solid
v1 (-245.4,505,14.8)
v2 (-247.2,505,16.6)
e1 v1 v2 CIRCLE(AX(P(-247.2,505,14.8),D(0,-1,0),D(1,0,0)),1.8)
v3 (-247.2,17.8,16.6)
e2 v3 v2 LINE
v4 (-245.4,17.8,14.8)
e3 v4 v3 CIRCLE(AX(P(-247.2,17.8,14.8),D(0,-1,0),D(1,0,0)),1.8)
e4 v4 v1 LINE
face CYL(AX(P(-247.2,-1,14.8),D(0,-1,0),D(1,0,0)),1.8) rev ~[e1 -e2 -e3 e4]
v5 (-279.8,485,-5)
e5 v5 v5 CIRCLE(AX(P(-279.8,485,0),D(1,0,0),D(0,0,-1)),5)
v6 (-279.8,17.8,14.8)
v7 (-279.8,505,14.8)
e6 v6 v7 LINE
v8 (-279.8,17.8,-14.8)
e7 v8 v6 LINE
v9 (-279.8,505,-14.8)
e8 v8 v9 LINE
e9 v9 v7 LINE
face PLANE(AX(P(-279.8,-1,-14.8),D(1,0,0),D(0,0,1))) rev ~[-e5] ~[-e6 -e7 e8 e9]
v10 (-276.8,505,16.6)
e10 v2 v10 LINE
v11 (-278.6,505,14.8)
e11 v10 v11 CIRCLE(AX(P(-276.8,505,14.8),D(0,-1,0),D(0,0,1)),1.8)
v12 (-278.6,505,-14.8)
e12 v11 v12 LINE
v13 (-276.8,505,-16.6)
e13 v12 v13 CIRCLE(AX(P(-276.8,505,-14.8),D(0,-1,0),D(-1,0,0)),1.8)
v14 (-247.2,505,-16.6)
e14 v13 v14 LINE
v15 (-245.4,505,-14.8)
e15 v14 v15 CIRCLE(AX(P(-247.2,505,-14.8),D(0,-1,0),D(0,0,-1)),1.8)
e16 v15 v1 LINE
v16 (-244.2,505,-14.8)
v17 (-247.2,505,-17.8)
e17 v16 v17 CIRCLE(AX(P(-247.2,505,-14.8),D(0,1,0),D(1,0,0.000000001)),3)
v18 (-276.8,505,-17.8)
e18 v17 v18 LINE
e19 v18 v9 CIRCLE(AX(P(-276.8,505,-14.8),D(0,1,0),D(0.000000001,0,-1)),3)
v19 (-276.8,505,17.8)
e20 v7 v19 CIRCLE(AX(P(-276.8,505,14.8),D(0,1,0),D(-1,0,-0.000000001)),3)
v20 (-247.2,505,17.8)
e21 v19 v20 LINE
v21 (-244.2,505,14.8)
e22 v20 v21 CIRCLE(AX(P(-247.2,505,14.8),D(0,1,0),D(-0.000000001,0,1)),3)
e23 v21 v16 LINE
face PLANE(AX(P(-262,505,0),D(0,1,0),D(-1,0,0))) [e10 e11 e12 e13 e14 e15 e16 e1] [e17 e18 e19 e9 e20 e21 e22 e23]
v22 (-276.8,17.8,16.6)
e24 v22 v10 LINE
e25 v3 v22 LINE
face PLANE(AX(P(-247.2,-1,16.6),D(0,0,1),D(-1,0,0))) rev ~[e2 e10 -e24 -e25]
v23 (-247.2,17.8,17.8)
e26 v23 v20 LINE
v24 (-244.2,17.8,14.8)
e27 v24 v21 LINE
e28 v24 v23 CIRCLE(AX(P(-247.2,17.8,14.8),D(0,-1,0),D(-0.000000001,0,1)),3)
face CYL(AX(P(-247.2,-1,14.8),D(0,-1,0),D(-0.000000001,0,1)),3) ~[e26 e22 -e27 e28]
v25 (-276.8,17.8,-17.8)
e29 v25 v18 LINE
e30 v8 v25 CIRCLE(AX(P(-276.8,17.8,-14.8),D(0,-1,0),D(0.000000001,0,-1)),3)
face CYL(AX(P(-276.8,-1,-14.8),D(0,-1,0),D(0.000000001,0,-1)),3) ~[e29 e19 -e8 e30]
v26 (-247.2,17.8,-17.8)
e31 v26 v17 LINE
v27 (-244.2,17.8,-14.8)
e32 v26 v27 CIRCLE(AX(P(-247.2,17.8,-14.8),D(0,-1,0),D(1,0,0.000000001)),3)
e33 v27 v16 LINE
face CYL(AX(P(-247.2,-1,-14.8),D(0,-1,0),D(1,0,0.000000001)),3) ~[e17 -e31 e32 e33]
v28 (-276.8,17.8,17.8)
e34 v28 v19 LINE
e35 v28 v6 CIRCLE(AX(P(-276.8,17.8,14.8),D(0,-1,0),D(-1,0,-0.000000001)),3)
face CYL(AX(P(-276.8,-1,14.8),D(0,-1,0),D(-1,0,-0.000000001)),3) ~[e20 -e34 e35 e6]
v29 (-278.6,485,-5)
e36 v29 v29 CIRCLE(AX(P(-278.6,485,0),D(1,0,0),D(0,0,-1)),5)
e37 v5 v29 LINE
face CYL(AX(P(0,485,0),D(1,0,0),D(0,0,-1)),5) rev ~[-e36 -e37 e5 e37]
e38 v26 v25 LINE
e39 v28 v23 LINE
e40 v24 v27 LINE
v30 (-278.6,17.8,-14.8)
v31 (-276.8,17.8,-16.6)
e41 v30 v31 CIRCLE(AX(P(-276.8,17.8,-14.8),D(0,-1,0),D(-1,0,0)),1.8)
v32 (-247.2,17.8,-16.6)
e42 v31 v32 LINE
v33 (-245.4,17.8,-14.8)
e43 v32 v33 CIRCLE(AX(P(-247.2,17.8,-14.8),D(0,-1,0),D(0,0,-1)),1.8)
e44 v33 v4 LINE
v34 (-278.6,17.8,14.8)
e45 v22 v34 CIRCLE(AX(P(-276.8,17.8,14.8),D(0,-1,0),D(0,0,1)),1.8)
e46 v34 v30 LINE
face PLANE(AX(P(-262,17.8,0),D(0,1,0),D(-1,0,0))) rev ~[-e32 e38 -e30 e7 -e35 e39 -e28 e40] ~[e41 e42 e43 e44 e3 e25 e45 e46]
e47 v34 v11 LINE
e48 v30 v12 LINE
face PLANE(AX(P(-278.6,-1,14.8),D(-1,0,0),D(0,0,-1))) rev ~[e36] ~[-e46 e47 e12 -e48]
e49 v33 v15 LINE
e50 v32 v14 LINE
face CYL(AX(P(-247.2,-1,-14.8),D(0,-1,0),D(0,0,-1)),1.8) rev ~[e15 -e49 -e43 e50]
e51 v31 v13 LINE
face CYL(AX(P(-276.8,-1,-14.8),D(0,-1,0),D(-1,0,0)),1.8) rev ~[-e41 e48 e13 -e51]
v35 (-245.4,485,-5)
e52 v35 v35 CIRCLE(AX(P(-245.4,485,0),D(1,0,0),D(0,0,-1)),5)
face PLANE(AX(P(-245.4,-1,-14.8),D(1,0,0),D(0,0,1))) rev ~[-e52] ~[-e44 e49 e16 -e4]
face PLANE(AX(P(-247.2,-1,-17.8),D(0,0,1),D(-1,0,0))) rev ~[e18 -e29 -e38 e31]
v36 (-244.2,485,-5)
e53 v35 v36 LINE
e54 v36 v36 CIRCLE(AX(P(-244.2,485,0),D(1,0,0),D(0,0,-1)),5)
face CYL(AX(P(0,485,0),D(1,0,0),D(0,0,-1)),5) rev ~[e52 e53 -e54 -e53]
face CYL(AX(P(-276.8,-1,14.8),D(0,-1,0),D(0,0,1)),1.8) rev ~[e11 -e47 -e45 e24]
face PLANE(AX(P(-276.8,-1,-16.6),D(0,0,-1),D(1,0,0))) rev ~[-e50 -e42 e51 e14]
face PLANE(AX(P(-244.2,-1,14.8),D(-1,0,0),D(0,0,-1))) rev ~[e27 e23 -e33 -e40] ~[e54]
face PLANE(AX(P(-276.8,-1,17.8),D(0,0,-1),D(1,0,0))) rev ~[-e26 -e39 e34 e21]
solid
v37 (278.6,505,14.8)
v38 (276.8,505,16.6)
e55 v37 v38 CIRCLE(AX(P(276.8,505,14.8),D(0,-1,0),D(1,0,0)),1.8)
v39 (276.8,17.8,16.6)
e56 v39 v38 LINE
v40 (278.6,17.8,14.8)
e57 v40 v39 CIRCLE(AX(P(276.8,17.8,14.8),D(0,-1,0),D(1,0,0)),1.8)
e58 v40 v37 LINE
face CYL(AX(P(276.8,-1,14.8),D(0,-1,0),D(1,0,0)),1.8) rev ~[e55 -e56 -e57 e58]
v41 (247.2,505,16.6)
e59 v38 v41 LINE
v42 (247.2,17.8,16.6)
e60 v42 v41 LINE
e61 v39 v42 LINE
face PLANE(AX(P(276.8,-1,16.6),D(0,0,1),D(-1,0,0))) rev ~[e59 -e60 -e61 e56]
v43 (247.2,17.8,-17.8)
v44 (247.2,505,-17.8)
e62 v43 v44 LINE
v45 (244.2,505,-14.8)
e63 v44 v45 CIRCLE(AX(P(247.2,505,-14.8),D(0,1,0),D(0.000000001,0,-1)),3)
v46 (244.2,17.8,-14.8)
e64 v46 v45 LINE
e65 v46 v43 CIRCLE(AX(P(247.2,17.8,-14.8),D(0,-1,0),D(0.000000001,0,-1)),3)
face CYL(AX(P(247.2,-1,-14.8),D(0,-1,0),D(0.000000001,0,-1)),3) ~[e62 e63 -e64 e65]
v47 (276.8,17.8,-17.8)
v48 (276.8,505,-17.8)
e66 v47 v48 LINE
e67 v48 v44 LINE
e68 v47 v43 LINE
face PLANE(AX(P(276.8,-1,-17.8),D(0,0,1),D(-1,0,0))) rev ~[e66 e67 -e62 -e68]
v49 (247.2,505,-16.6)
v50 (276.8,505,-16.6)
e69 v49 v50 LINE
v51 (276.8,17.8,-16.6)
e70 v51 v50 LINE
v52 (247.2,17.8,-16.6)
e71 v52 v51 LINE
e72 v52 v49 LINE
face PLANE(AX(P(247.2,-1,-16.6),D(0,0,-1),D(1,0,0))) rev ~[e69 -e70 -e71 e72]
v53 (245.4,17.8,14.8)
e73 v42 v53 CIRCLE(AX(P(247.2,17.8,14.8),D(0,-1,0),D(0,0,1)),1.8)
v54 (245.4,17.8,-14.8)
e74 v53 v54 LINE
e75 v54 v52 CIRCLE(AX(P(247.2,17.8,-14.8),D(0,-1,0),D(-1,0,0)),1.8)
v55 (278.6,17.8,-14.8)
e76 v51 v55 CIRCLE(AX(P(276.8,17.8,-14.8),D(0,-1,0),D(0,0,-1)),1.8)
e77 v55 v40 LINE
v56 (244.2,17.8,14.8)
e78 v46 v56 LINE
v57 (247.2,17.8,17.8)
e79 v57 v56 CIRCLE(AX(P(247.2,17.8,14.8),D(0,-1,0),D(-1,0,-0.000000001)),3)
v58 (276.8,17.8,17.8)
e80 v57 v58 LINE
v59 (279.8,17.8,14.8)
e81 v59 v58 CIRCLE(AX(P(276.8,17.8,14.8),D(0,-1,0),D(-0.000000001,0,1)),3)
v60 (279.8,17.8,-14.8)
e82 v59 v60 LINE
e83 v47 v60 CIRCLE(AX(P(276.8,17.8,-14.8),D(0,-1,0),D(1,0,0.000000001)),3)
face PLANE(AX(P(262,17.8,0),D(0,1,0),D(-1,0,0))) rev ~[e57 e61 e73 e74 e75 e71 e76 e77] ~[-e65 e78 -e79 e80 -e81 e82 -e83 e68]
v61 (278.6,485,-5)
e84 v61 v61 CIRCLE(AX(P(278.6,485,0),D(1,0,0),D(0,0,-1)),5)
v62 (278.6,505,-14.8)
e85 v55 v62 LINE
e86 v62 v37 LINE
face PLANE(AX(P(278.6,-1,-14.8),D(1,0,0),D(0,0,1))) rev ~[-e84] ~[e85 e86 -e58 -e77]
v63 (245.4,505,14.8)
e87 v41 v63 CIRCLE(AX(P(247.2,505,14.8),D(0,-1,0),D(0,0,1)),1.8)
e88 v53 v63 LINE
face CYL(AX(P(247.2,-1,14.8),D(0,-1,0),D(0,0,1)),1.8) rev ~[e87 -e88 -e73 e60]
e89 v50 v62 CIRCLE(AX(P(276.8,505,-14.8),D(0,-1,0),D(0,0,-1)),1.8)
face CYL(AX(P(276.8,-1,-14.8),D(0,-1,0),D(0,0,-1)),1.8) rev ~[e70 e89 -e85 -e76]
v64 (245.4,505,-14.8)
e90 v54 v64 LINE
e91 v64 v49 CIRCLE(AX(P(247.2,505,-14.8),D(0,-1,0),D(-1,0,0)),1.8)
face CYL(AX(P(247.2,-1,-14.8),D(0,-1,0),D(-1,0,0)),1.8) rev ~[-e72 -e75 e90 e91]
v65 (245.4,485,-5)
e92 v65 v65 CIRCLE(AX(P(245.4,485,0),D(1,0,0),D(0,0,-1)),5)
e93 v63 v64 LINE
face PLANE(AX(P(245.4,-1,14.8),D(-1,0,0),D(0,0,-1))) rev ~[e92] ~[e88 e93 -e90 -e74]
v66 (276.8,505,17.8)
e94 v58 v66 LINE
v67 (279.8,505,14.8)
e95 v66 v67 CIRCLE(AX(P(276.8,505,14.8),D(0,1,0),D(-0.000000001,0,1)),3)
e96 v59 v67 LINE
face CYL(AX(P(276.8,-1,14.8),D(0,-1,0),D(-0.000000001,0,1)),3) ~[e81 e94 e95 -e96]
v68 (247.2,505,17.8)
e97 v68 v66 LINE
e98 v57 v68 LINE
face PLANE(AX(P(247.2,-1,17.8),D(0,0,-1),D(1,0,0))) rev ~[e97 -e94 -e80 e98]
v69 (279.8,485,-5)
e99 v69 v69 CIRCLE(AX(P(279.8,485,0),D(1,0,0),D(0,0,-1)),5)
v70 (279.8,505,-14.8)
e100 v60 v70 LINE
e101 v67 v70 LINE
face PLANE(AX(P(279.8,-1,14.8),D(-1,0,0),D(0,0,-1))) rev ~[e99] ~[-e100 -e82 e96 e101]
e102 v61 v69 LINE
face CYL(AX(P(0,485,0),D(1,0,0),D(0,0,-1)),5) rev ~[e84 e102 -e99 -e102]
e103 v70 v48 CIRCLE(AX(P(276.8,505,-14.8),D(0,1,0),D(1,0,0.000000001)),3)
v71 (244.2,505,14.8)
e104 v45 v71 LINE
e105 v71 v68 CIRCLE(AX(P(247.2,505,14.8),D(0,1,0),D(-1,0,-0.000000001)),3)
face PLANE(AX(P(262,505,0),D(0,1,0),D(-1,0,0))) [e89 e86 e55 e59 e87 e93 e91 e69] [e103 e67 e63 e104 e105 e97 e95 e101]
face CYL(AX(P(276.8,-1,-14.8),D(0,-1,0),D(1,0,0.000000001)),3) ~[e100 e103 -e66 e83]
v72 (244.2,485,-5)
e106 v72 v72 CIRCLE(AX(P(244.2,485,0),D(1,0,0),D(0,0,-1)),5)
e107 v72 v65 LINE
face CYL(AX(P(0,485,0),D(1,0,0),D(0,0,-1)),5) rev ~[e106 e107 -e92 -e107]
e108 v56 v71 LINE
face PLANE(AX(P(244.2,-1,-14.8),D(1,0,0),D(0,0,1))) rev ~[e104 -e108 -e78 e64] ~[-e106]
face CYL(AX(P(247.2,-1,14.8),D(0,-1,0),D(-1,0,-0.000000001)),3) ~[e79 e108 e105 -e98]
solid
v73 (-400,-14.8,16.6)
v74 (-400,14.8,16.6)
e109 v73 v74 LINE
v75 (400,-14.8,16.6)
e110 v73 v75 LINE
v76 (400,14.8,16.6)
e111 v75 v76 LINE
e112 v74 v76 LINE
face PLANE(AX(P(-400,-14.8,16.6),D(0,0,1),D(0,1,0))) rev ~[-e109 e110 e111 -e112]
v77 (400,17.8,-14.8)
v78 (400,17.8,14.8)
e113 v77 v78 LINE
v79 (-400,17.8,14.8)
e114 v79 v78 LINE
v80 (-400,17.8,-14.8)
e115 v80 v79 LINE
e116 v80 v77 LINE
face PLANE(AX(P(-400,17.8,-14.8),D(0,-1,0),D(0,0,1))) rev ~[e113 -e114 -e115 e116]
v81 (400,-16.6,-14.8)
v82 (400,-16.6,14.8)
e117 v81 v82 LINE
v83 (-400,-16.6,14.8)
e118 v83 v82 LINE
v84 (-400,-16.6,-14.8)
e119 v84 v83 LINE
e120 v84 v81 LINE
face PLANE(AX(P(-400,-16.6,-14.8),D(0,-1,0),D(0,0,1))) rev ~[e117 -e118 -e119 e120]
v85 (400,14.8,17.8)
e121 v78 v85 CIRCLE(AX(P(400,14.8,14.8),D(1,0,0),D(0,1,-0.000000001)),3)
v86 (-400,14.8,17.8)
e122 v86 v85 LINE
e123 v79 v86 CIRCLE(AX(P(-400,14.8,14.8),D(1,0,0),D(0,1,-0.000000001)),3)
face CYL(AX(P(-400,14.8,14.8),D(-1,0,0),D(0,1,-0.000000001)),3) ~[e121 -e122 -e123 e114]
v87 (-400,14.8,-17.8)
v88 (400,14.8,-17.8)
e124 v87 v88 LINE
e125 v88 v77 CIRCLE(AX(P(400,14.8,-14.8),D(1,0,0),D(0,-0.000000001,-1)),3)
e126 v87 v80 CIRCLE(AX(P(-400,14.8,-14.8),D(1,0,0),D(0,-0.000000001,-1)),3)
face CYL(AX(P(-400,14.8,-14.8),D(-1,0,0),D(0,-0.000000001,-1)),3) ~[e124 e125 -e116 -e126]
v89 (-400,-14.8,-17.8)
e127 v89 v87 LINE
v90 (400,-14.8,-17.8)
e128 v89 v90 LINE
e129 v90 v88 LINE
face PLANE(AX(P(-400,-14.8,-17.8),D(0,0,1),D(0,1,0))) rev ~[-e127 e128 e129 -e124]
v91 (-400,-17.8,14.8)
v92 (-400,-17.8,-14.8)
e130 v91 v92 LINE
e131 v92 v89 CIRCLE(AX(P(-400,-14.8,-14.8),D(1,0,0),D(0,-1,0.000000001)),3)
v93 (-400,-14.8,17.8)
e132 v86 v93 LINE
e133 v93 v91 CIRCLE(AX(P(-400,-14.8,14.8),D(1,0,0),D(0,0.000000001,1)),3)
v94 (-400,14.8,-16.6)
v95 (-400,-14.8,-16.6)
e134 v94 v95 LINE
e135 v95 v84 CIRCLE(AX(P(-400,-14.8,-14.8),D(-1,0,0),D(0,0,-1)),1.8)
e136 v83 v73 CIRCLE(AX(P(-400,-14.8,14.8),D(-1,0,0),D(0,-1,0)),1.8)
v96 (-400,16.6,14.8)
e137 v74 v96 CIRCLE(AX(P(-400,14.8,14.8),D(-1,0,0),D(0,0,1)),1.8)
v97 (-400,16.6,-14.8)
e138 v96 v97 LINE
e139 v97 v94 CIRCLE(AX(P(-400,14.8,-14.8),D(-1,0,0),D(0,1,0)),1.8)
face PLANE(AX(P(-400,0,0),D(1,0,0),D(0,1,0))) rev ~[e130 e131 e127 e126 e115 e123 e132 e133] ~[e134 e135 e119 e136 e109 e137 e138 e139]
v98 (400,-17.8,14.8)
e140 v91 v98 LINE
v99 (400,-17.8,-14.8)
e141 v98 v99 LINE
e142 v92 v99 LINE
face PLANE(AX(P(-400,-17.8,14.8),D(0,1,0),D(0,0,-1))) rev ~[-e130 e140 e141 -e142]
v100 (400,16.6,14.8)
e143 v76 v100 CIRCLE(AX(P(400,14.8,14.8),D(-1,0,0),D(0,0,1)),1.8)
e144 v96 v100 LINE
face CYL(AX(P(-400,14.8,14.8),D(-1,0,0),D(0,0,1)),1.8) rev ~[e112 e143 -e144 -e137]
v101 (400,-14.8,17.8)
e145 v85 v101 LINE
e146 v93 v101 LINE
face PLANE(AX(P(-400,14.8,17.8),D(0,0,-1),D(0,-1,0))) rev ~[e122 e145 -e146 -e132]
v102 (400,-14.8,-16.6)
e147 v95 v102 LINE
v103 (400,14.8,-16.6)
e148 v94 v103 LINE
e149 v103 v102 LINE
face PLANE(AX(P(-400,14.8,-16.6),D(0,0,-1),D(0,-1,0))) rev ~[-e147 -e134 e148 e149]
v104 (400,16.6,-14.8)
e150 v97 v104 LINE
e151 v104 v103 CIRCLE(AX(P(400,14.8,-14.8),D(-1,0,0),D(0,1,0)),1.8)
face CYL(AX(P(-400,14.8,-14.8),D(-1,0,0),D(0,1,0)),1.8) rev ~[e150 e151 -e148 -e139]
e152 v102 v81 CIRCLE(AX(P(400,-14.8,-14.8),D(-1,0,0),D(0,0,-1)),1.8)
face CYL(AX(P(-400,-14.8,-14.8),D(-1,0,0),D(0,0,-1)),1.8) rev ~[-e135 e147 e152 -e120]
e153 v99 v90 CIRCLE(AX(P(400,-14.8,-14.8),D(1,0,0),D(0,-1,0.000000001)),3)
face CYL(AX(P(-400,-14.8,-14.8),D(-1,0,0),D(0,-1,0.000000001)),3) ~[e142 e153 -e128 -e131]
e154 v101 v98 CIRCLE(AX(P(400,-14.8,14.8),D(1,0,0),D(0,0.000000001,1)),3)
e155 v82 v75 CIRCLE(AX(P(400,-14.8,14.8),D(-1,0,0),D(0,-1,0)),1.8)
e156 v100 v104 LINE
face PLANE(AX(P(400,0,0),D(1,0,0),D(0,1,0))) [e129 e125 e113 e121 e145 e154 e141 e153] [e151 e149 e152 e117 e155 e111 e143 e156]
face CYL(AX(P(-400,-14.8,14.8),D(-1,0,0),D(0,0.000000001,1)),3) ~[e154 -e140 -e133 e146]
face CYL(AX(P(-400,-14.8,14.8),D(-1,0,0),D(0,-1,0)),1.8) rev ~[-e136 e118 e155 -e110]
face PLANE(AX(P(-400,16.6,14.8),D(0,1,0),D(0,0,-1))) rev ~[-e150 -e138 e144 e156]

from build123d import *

# Parameters (mm, degrees)
STRUCTURAL_MEMBER1_DEPTH   = 800
STRUCTURAL_MEMBER1_2_DEPTH = 506
STRUCTURAL_MEMBER1_3_DEPTH = 506
SKETCH12_R                 = 5
CUT_EXTRUDE2_DEPTH         = 645.470201018
CUT_EXTRUDE2_DEPTH_BACK    = 645.470201018


with BuildPart() as part:
    # Sketch11 → Structural Member1 (new body)
    with BuildSketch(Plane.YZ.offset(-400)):
        with BuildLine():
            Line((-14.8, -17.8), (14.8, -17.8))
            ThreePointArc((14.8, -17.8), (16.921320344, -16.921320344), (17.8, -14.8))
            Line((17.8, -14.8), (17.8, 14.8))
            ThreePointArc((17.8, 14.8), (16.921320344, 16.921320344), (14.8, 17.8))
            Line((14.8, 17.8), (-14.8, 17.8))
            ThreePointArc((-14.8, 17.8), (-16.921320344, 16.921320344), (-17.8, 14.8))
            Line((-17.8, 14.8), (-17.8, -14.8))
            ThreePointArc((-17.8, -14.8), (-16.921320344, -16.921320344), (-14.8, -17.8))
        make_face()
        with BuildLine():
            Line((-14.8, 16.6), (14.8, 16.6))
            ThreePointArc((14.8, 16.6), (16.072792206, 16.072792206), (16.6, 14.8))
            Line((16.6, 14.8), (16.6, -14.8))
            ThreePointArc((16.6, -14.8), (16.072792206, -16.072792206), (14.8, -16.6))
            Line((14.8, -16.6), (-14.8, -16.6))
            ThreePointArc((-14.8, -16.6), (-16.072792206, -16.072792206), (-16.6, -14.8))
            Line((-16.6, -14.8), (-16.6, 14.8))
            ThreePointArc((-16.6, 14.8), (-16.072792206, 16.072792206), (-14.8, 16.6))
        make_face(mode=Mode.SUBTRACT)
    extrude(amount=STRUCTURAL_MEMBER1_DEPTH)


with BuildPart() as body_2:
    # Sketch11 on segment 2 (carried to segment 2) → Structural Member1 2 (new body)
    with BuildSketch(Plane(origin=(-262, -1, 0), x_dir=(-1, 0, 0), z_dir=(0, 1, 0))):
        with BuildLine():
            Line((-14.8, -17.8), (14.8, -17.8))
            ThreePointArc((14.8, -17.8), (16.921320344, -16.921320344), (17.8, -14.8))
            Line((17.8, -14.8), (17.8, 14.8))
            ThreePointArc((17.8, 14.8), (16.921320344, 16.921320344), (14.8, 17.8))
            Line((14.8, 17.8), (-14.8, 17.8))
            ThreePointArc((-14.8, 17.8), (-16.921320344, 16.921320344), (-17.8, 14.8))
            Line((-17.8, 14.8), (-17.8, -14.8))
            ThreePointArc((-17.8, -14.8), (-16.921320344, -16.921320344), (-14.8, -17.8))
        make_face()
        with BuildLine():
            Line((-14.8, 16.6), (14.8, 16.6))
            ThreePointArc((14.8, 16.6), (16.072792206, 16.072792206), (16.6, 14.8))
            Line((16.6, 14.8), (16.6, -14.8))
            ThreePointArc((16.6, -14.8), (16.072792206, -16.072792206), (14.8, -16.6))
            Line((14.8, -16.6), (-14.8, -16.6))
            ThreePointArc((-14.8, -16.6), (-16.072792206, -16.072792206), (-16.6, -14.8))
            Line((-16.6, -14.8), (-16.6, 14.8))
            ThreePointArc((-16.6, 14.8), (-16.072792206, 16.072792206), (-14.8, 16.6))
        make_face(mode=Mode.SUBTRACT)
    extrude(amount=STRUCTURAL_MEMBER1_2_DEPTH)

    # Structural Member1 2 end butt 1
    split(bisect_by=Plane(origin=(-262, 17.8, 0), x_dir=(-1, 0, 0), z_dir=(0, 1, 0)), keep=Keep.TOP)


with BuildPart() as body_3:
    # Sketch11 on segment 3 (carried to segment 3) → Structural Member1 3 (new body)
    with BuildSketch(Plane(origin=(262, -1, 0), x_dir=(-1, 0, 0), z_dir=(0, 1, 0))):
        with BuildLine():
            Line((-14.8, -17.8), (14.8, -17.8))
            ThreePointArc((14.8, -17.8), (16.921320344, -16.921320344), (17.8, -14.8))
            Line((17.8, -14.8), (17.8, 14.8))
            ThreePointArc((17.8, 14.8), (16.921320344, 16.921320344), (14.8, 17.8))
            Line((14.8, 17.8), (-14.8, 17.8))
            ThreePointArc((-14.8, 17.8), (-16.921320344, 16.921320344), (-17.8, 14.8))
            Line((-17.8, 14.8), (-17.8, -14.8))
            ThreePointArc((-17.8, -14.8), (-16.921320344, -16.921320344), (-14.8, -17.8))
        make_face()
        with BuildLine():
            Line((-14.8, 16.6), (14.8, 16.6))
            ThreePointArc((14.8, 16.6), (16.072792206, 16.072792206), (16.6, 14.8))
            Line((16.6, 14.8), (16.6, -14.8))
            ThreePointArc((16.6, -14.8), (16.072792206, -16.072792206), (14.8, -16.6))
            Line((14.8, -16.6), (-14.8, -16.6))
            ThreePointArc((-14.8, -16.6), (-16.072792206, -16.072792206), (-16.6, -14.8))
            Line((-16.6, -14.8), (-16.6, 14.8))
            ThreePointArc((-16.6, 14.8), (-16.072792206, 16.072792206), (-14.8, 16.6))
        make_face(mode=Mode.SUBTRACT)
    extrude(amount=STRUCTURAL_MEMBER1_3_DEPTH)

    # Structural Member1 3 end butt 1
    split(bisect_by=Plane(origin=(262, 17.8, 0), x_dir=(-1, 0, 0), z_dir=(0, 1, 0)), keep=Keep.TOP)


with BuildPart() as cut_extrude2_tool:
    # Sketch12 → Cut-Extrude2 (new, two sides)
    with BuildSketch(Plane(origin=(0, 0, 0), x_dir=(0, 0, -1), z_dir=(1, 0, 0))) as cut_extrude2_sk:
        with Locations((0, 485)):
            Circle(SKETCH12_R)
    extrude(amount=CUT_EXTRUDE2_DEPTH)
    extrude(cut_extrude2_sk.sketch, amount=-CUT_EXTRUDE2_DEPTH_BACK)


with BuildPart() as body_2_1:
    add(body_2.part)

    # Cut-Extrude2: cut by cut_extrude2_tool
    add(cut_extrude2_tool.part, mode=Mode.SUBTRACT)


with BuildPart() as body_3_1:
    add(body_3.part)

    # Cut-Extrude2: cut by cut_extrude2_tool
    add(cut_extrude2_tool.part, mode=Mode.SUBTRACT)


solid = Compound([part.part, body_2_1.part, body_3_1.part])
